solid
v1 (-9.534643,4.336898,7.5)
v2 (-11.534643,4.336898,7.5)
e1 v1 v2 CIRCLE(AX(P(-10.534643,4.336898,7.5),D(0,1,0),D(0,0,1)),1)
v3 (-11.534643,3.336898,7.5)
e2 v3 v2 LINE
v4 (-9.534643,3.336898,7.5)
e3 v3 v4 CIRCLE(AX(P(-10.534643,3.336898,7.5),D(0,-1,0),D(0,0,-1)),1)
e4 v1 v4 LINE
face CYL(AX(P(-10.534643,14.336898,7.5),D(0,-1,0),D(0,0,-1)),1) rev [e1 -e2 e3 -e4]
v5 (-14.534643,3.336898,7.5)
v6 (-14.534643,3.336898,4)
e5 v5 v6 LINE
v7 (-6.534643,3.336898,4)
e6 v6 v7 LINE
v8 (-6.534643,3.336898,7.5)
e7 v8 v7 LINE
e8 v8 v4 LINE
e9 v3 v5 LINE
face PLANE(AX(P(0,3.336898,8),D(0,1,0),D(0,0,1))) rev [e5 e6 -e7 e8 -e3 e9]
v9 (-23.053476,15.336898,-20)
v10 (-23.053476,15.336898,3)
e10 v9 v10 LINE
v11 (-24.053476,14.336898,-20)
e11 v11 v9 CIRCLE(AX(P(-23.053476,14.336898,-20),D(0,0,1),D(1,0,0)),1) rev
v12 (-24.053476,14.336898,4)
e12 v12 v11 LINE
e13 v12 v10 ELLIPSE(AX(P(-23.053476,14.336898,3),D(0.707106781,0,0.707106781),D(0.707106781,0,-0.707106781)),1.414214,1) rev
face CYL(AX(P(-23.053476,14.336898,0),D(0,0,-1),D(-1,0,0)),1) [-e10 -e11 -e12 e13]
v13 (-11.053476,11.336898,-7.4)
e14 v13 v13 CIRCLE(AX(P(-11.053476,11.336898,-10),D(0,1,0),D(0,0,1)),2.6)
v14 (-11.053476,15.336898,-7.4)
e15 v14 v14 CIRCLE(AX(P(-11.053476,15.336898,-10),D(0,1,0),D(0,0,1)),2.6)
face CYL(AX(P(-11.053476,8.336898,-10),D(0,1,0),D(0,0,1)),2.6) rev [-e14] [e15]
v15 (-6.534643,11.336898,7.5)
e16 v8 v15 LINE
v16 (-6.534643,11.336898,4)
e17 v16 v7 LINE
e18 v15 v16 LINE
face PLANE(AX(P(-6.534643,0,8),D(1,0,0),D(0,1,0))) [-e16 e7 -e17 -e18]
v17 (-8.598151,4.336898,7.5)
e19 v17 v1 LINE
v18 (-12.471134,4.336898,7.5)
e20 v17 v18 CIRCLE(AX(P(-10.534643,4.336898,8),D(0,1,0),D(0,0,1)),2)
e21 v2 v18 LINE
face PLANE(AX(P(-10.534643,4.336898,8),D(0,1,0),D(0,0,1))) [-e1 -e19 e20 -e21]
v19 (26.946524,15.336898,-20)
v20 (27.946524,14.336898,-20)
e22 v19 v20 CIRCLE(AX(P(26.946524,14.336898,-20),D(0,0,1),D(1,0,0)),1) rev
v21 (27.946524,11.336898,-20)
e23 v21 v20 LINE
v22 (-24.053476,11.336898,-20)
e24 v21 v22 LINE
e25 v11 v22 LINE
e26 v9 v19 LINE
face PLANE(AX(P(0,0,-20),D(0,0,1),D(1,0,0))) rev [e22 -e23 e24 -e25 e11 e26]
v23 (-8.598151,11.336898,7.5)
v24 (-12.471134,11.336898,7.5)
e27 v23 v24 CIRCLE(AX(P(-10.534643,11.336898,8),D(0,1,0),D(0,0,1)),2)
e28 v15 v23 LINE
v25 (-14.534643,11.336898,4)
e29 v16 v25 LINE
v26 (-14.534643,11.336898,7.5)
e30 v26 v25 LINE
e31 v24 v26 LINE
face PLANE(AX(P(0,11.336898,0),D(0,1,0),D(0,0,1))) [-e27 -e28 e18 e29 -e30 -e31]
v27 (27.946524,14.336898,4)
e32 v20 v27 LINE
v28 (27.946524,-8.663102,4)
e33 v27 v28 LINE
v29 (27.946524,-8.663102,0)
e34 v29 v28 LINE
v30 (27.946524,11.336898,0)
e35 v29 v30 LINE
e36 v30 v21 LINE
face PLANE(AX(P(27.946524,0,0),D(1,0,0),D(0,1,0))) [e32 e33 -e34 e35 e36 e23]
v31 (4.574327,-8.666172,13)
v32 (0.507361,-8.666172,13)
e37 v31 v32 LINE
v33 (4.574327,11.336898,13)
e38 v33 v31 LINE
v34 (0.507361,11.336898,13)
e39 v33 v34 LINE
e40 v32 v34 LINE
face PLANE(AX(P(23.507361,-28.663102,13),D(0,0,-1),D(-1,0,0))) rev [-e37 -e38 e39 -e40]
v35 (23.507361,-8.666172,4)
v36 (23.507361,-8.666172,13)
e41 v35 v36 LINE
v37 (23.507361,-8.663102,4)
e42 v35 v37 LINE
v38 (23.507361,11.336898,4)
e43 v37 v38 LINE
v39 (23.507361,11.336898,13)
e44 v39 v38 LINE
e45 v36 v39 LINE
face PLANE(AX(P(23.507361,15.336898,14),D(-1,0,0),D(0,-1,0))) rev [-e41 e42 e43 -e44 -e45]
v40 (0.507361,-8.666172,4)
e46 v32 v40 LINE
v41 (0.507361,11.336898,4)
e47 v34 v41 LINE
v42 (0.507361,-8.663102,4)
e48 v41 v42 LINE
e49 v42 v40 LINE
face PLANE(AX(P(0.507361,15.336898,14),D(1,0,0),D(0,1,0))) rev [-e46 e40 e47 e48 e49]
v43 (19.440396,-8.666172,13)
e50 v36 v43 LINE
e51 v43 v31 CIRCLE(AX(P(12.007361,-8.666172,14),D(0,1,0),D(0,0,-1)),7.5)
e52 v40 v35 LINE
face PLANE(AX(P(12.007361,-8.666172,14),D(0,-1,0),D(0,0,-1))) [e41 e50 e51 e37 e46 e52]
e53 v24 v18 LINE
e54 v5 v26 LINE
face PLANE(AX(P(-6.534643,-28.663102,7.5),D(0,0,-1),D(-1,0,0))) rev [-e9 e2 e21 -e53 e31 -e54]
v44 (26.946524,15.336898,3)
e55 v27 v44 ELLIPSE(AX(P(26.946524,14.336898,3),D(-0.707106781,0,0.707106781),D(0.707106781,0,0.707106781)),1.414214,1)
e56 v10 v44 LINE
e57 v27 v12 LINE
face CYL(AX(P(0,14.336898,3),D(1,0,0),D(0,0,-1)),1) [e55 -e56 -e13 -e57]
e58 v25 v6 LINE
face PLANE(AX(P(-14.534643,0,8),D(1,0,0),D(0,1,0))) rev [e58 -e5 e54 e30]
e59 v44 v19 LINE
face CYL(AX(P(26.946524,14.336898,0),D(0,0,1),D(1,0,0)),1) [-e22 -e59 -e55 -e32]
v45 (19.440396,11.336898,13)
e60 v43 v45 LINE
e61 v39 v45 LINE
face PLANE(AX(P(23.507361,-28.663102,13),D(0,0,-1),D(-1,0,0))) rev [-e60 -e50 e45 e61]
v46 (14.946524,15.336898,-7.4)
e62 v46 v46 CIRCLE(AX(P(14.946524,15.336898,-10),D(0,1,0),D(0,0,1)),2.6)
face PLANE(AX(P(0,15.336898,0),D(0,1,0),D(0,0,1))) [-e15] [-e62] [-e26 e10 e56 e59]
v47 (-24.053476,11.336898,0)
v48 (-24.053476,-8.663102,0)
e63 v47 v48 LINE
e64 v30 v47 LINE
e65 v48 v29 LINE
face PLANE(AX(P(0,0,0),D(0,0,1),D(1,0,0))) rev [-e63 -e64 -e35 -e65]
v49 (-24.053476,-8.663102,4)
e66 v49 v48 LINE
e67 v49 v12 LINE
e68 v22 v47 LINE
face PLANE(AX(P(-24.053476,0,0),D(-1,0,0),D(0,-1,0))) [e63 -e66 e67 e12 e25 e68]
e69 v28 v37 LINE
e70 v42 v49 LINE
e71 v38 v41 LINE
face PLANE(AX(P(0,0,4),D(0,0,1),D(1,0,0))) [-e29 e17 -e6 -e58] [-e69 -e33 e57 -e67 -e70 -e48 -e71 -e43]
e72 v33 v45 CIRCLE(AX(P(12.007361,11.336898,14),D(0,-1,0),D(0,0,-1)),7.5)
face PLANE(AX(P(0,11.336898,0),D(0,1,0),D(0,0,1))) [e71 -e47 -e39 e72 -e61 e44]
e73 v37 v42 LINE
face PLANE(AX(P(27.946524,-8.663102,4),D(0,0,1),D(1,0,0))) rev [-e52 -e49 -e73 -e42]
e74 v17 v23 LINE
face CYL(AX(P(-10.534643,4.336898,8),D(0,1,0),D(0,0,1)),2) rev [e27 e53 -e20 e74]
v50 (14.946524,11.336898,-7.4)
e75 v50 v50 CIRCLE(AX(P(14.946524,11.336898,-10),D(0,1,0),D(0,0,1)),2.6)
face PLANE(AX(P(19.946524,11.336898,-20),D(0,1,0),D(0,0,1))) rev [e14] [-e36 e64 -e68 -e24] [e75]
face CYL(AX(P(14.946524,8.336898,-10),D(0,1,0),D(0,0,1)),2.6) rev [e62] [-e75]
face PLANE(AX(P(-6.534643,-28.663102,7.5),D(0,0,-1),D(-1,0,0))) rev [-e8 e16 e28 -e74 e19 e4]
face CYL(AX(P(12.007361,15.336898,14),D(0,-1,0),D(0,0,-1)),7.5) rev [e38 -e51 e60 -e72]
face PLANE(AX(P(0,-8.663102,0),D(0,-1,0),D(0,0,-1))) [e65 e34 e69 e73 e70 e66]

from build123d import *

# Parameters (mm, degrees)
SKETCH_1_W                = 40
SKETCH_1_H                = 40
EXTRUDE_1_DEPTH           = 4
SKETCH_2_W                = 40
SKETCH_2_H                = 4
EXTRUDE_2_DEPTH           = 4
SKETCH_3_W                = 40
SKETCH_3_H                = 4
EXTRUDE_3_DEPTH           = 20
SKETCH_4_W                = 8
SKETCH_4_H                = 12
EXTRUDE_4_DEPTH           = 4
CUT_EXTRUDE_1_DEPTH       = 11
EXTRUDE_5_DEPTH           = 4
EXTRUDE_6_DEPTH           = 4
EXTRUDE_7_DEPTH           = 4
SKETCH_10_W               = 23
SKETCH_10_H               = 24.293070416
EXTRUDE_8_DEPTH           = 10
CUT_EXTRUDE_3_DEPTH       = 25.293070415
SKETCH_14_W               = 8
SKETCH_14_H               = 0.5
CUT_EXTRUDE_4_DEPTH       = 45
SKETCH_15_W               = 23
SKETCH_15_H               = 1
CUT_EXTRUDE_5_DEPTH       = 45
SKETCH_16_R               = 2.6
CUT_EXTRUDE_6_DEPTH       = 7
SKETCH_17_W               = 52
SKETCH_17_H               = 4
CUT_EXTRUDE_7_DEPTH       = 20
CUT_EXTRUDE_8_DEPTH       = 0.29
SKETCH_20_R               = 1
CUT_EXTRUDE_9_DEPTH       = 11
CUT_EXTRUDE_10_DEPTH      = 1
CUT_EXTRUDE_10_DEPTH_BACK = 4
FILLET_1_R                = 1


with BuildPart() as part:
    # 草图1 → 凸台-拉伸1 (new body)
    with BuildSketch(Plane.XY):
        with Locations((-0.053475936, -8.663101604)):
            Rectangle(SKETCH_1_W, SKETCH_1_H)
    extrude(amount=EXTRUDE_1_DEPTH)

    # 草图2 → 凸台-拉伸2 (add)
    with BuildSketch(Plane(origin=(0, 11.336898396, 0), x_dir=(1, 0, 0), z_dir=(0, 1, 0))):
        with Locations((-0.053475936, -2)):
            Rectangle(SKETCH_2_W, SKETCH_2_H)
    extrude(amount=EXTRUDE_2_DEPTH)

    # 草图3 → 凸台-拉伸3 (add)
    with BuildSketch(Plane(origin=(0, 0, 0), x_dir=(-1, 0, 0), z_dir=(0, 0, -1))):
        with Locations((0.053475936, 13.336898396)):
            Rectangle(SKETCH_3_W, SKETCH_3_H)
    extrude(amount=EXTRUDE_3_DEPTH)

    # 草图4 → 凸台-拉伸4 (add)
    with BuildSketch(Plane.XY.offset(4)):
        with Locations((-10.534642548, 9.336898396)):
            Rectangle(SKETCH_4_W, SKETCH_4_H)
    extrude(amount=EXTRUDE_4_DEPTH)

    # 草图6 → 切除-拉伸1 (cut)
    with BuildSketch(Plane(origin=(0, 15.336898396, 0), x_dir=(1, 0, 0), z_dir=(0, 1, 0))):
        with BuildLine():
            Line((-8.534642548, -8), (-12.534642548, -8))
            ThreePointArc((-12.534642548, -8), (-10.534642548, -6), (-8.534642548, -8))
        make_face()
    extrude(amount=-CUT_EXTRUDE_1_DEPTH, mode=Mode.SUBTRACT)

    # 草图8 → 凸台-拉伸5 (add)
    with BuildSketch(Plane.ZY.offset(20.053475936)):
        Polygon((4, 15.336898396), (-20, 15.336898396), (-20, 11.336898396), (0, 11.336898396), (0, -28.663101604), (4, -28.663101604), align=None)
    extrude(amount=EXTRUDE_5_DEPTH)

    # 草图9 → 凸台-拉伸6 (add)
    with BuildSketch(Plane(origin=(19.946524064, 0, 0), x_dir=(0, 0, -1), z_dir=(1, 0, 0))):
        Polygon((0, -28.663101604), (0, 11.336898396), (20, 11.336898396), (20, 15.336898396), (-4, 15.336898396), (-4, -28.663101604), align=None)
    extrude(amount=EXTRUDE_6_DEPTH)

    # 草图11 → 凸台-拉伸7 (add)
    with BuildSketch(Plane(origin=(23.946524064, 0, 0), x_dir=(0, 0, -1), z_dir=(1, 0, 0))):
        Polygon((-4, -28.663101604), (0, -28.663101604), (0, 11.336898396), (20, 11.336898396), (20, 15.336898396), (-4, 15.336898396), align=None)
    extrude(amount=EXTRUDE_7_DEPTH)

    # 草图10 → 凸台-拉伸8 (add)
    with BuildSketch(Plane.XY.offset(4)):
        with Locations((12.007361252, 3.190363188)):
            Rectangle(SKETCH_10_W, SKETCH_10_H)
    extrude(amount=EXTRUDE_8_DEPTH)

    # 草图12 → 切除-拉伸3 (cut, through all)
    with BuildSketch(Plane.XZ.offset(8.95617202)):
        with BuildLine():
            Line((4.507361252, 14), (19.507361252, 14))
            ThreePointArc((19.507361252, 14), (12.007361252, 6.5), (4.507361252, 14))
        make_face()
    extrude(amount=-CUT_EXTRUDE_3_DEPTH, mode=Mode.SUBTRACT)

    # 草图14 → 切除-拉伸4 (cut, through all)
    with BuildSketch(Plane(origin=(0, 15.336898396, 0), x_dir=(1, 0, 0), z_dir=(0, 1, 0))):
        with Locations((-10.534642548, -7.75)):
            Rectangle(SKETCH_14_W, SKETCH_14_H)
    extrude(amount=-CUT_EXTRUDE_4_DEPTH, mode=Mode.SUBTRACT)

    # 草图15 → 切除-拉伸5 (cut, through all)
    with BuildSketch(Plane(origin=(0, 15.336898396, 0), x_dir=(1, 0, 0), z_dir=(0, 1, 0))):
        with Locations((12.007361252, -13.5)):
            Rectangle(SKETCH_15_W, SKETCH_15_H)
    extrude(amount=-CUT_EXTRUDE_5_DEPTH, mode=Mode.SUBTRACT)

    # 草图16 → 切除-拉伸6 (cut)
    with BuildSketch(Plane(origin=(0, 15.336898396, 0), x_dir=(1, 0, 0), z_dir=(0, 1, 0))):
        with Locations((-11.053475936, 10)):
            Circle(SKETCH_16_R)
        with Locations((14.946524064, 10)):
            Circle(SKETCH_16_R)
    extrude(amount=-CUT_EXTRUDE_6_DEPTH, mode=Mode.SUBTRACT)

    # 草图17 → 切除-拉伸7 (cut)
    with BuildSketch(Plane.XZ.offset(28.663101604)):
        with Locations((1.946524064, 2)):
            Rectangle(SKETCH_17_W, SKETCH_17_H)
    extrude(amount=-CUT_EXTRUDE_7_DEPTH, mode=Mode.SUBTRACT)

    # 草图19 → 切除-拉伸8 (cut)
    with BuildSketch(Plane.XZ.offset(8.95617202)):
        with BuildLine():
            Line((23.507361252, 4), (23.507361252, 13))
            Line((23.507361252, 13), (19.440395626, 13))
            ThreePointArc((19.440395626, 13), (12.007361252, 6.5), (4.574326878, 13))
            Line((4.574326878, 13), (0.507361252, 13))
            Line((0.507361252, 13), (0.507361252, 4))
            Line((0.507361252, 4), (23.507361252, 4))
        make_face()
    extrude(amount=-CUT_EXTRUDE_8_DEPTH, mode=Mode.SUBTRACT)

    # 草图20 → 切除-拉伸9 (cut)
    with BuildSketch(Plane(origin=(0, 3.336898396, 0), x_dir=(-1, 0, 0), z_dir=(0, -1, 0))):
        with Locations((10.534642548, -7.5)):
            Circle(SKETCH_20_R)
    extrude(amount=-CUT_EXTRUDE_9_DEPTH, mode=Mode.SUBTRACT)

    # 草图21 → 切除-拉伸10 (cut, two sides)
    with BuildSketch(Plane(origin=(0, 15.336898396, 0), x_dir=(1, 0, 0), z_dir=(0, 1, 0))) as cut_extrude_10_sk:
        Polygon((152.48909257, -4), (27.946524064, -4), (-24.053475936, -4), (-148.596044442, -4), (-148.596044442, -253.085137012), (152.48909257, -253.085137012), align=None)
    extrude(amount=CUT_EXTRUDE_10_DEPTH, mode=Mode.SUBTRACT)
    extrude(cut_extrude_10_sk.sketch, amount=-CUT_EXTRUDE_10_DEPTH_BACK, mode=Mode.SUBTRACT)

    # 圆角1
    fillet_1_edges = [part.edges().sort_by_distance(p)[0] for p in [
        (1.946524064, 15.336898396, 4),
        (-24.053475936, 15.336898396, -8),
        (27.946524064, 15.336898396, -8),
    ]]
    fillet(fillet_1_edges, radius=FILLET_1_R)


solid = part.part
